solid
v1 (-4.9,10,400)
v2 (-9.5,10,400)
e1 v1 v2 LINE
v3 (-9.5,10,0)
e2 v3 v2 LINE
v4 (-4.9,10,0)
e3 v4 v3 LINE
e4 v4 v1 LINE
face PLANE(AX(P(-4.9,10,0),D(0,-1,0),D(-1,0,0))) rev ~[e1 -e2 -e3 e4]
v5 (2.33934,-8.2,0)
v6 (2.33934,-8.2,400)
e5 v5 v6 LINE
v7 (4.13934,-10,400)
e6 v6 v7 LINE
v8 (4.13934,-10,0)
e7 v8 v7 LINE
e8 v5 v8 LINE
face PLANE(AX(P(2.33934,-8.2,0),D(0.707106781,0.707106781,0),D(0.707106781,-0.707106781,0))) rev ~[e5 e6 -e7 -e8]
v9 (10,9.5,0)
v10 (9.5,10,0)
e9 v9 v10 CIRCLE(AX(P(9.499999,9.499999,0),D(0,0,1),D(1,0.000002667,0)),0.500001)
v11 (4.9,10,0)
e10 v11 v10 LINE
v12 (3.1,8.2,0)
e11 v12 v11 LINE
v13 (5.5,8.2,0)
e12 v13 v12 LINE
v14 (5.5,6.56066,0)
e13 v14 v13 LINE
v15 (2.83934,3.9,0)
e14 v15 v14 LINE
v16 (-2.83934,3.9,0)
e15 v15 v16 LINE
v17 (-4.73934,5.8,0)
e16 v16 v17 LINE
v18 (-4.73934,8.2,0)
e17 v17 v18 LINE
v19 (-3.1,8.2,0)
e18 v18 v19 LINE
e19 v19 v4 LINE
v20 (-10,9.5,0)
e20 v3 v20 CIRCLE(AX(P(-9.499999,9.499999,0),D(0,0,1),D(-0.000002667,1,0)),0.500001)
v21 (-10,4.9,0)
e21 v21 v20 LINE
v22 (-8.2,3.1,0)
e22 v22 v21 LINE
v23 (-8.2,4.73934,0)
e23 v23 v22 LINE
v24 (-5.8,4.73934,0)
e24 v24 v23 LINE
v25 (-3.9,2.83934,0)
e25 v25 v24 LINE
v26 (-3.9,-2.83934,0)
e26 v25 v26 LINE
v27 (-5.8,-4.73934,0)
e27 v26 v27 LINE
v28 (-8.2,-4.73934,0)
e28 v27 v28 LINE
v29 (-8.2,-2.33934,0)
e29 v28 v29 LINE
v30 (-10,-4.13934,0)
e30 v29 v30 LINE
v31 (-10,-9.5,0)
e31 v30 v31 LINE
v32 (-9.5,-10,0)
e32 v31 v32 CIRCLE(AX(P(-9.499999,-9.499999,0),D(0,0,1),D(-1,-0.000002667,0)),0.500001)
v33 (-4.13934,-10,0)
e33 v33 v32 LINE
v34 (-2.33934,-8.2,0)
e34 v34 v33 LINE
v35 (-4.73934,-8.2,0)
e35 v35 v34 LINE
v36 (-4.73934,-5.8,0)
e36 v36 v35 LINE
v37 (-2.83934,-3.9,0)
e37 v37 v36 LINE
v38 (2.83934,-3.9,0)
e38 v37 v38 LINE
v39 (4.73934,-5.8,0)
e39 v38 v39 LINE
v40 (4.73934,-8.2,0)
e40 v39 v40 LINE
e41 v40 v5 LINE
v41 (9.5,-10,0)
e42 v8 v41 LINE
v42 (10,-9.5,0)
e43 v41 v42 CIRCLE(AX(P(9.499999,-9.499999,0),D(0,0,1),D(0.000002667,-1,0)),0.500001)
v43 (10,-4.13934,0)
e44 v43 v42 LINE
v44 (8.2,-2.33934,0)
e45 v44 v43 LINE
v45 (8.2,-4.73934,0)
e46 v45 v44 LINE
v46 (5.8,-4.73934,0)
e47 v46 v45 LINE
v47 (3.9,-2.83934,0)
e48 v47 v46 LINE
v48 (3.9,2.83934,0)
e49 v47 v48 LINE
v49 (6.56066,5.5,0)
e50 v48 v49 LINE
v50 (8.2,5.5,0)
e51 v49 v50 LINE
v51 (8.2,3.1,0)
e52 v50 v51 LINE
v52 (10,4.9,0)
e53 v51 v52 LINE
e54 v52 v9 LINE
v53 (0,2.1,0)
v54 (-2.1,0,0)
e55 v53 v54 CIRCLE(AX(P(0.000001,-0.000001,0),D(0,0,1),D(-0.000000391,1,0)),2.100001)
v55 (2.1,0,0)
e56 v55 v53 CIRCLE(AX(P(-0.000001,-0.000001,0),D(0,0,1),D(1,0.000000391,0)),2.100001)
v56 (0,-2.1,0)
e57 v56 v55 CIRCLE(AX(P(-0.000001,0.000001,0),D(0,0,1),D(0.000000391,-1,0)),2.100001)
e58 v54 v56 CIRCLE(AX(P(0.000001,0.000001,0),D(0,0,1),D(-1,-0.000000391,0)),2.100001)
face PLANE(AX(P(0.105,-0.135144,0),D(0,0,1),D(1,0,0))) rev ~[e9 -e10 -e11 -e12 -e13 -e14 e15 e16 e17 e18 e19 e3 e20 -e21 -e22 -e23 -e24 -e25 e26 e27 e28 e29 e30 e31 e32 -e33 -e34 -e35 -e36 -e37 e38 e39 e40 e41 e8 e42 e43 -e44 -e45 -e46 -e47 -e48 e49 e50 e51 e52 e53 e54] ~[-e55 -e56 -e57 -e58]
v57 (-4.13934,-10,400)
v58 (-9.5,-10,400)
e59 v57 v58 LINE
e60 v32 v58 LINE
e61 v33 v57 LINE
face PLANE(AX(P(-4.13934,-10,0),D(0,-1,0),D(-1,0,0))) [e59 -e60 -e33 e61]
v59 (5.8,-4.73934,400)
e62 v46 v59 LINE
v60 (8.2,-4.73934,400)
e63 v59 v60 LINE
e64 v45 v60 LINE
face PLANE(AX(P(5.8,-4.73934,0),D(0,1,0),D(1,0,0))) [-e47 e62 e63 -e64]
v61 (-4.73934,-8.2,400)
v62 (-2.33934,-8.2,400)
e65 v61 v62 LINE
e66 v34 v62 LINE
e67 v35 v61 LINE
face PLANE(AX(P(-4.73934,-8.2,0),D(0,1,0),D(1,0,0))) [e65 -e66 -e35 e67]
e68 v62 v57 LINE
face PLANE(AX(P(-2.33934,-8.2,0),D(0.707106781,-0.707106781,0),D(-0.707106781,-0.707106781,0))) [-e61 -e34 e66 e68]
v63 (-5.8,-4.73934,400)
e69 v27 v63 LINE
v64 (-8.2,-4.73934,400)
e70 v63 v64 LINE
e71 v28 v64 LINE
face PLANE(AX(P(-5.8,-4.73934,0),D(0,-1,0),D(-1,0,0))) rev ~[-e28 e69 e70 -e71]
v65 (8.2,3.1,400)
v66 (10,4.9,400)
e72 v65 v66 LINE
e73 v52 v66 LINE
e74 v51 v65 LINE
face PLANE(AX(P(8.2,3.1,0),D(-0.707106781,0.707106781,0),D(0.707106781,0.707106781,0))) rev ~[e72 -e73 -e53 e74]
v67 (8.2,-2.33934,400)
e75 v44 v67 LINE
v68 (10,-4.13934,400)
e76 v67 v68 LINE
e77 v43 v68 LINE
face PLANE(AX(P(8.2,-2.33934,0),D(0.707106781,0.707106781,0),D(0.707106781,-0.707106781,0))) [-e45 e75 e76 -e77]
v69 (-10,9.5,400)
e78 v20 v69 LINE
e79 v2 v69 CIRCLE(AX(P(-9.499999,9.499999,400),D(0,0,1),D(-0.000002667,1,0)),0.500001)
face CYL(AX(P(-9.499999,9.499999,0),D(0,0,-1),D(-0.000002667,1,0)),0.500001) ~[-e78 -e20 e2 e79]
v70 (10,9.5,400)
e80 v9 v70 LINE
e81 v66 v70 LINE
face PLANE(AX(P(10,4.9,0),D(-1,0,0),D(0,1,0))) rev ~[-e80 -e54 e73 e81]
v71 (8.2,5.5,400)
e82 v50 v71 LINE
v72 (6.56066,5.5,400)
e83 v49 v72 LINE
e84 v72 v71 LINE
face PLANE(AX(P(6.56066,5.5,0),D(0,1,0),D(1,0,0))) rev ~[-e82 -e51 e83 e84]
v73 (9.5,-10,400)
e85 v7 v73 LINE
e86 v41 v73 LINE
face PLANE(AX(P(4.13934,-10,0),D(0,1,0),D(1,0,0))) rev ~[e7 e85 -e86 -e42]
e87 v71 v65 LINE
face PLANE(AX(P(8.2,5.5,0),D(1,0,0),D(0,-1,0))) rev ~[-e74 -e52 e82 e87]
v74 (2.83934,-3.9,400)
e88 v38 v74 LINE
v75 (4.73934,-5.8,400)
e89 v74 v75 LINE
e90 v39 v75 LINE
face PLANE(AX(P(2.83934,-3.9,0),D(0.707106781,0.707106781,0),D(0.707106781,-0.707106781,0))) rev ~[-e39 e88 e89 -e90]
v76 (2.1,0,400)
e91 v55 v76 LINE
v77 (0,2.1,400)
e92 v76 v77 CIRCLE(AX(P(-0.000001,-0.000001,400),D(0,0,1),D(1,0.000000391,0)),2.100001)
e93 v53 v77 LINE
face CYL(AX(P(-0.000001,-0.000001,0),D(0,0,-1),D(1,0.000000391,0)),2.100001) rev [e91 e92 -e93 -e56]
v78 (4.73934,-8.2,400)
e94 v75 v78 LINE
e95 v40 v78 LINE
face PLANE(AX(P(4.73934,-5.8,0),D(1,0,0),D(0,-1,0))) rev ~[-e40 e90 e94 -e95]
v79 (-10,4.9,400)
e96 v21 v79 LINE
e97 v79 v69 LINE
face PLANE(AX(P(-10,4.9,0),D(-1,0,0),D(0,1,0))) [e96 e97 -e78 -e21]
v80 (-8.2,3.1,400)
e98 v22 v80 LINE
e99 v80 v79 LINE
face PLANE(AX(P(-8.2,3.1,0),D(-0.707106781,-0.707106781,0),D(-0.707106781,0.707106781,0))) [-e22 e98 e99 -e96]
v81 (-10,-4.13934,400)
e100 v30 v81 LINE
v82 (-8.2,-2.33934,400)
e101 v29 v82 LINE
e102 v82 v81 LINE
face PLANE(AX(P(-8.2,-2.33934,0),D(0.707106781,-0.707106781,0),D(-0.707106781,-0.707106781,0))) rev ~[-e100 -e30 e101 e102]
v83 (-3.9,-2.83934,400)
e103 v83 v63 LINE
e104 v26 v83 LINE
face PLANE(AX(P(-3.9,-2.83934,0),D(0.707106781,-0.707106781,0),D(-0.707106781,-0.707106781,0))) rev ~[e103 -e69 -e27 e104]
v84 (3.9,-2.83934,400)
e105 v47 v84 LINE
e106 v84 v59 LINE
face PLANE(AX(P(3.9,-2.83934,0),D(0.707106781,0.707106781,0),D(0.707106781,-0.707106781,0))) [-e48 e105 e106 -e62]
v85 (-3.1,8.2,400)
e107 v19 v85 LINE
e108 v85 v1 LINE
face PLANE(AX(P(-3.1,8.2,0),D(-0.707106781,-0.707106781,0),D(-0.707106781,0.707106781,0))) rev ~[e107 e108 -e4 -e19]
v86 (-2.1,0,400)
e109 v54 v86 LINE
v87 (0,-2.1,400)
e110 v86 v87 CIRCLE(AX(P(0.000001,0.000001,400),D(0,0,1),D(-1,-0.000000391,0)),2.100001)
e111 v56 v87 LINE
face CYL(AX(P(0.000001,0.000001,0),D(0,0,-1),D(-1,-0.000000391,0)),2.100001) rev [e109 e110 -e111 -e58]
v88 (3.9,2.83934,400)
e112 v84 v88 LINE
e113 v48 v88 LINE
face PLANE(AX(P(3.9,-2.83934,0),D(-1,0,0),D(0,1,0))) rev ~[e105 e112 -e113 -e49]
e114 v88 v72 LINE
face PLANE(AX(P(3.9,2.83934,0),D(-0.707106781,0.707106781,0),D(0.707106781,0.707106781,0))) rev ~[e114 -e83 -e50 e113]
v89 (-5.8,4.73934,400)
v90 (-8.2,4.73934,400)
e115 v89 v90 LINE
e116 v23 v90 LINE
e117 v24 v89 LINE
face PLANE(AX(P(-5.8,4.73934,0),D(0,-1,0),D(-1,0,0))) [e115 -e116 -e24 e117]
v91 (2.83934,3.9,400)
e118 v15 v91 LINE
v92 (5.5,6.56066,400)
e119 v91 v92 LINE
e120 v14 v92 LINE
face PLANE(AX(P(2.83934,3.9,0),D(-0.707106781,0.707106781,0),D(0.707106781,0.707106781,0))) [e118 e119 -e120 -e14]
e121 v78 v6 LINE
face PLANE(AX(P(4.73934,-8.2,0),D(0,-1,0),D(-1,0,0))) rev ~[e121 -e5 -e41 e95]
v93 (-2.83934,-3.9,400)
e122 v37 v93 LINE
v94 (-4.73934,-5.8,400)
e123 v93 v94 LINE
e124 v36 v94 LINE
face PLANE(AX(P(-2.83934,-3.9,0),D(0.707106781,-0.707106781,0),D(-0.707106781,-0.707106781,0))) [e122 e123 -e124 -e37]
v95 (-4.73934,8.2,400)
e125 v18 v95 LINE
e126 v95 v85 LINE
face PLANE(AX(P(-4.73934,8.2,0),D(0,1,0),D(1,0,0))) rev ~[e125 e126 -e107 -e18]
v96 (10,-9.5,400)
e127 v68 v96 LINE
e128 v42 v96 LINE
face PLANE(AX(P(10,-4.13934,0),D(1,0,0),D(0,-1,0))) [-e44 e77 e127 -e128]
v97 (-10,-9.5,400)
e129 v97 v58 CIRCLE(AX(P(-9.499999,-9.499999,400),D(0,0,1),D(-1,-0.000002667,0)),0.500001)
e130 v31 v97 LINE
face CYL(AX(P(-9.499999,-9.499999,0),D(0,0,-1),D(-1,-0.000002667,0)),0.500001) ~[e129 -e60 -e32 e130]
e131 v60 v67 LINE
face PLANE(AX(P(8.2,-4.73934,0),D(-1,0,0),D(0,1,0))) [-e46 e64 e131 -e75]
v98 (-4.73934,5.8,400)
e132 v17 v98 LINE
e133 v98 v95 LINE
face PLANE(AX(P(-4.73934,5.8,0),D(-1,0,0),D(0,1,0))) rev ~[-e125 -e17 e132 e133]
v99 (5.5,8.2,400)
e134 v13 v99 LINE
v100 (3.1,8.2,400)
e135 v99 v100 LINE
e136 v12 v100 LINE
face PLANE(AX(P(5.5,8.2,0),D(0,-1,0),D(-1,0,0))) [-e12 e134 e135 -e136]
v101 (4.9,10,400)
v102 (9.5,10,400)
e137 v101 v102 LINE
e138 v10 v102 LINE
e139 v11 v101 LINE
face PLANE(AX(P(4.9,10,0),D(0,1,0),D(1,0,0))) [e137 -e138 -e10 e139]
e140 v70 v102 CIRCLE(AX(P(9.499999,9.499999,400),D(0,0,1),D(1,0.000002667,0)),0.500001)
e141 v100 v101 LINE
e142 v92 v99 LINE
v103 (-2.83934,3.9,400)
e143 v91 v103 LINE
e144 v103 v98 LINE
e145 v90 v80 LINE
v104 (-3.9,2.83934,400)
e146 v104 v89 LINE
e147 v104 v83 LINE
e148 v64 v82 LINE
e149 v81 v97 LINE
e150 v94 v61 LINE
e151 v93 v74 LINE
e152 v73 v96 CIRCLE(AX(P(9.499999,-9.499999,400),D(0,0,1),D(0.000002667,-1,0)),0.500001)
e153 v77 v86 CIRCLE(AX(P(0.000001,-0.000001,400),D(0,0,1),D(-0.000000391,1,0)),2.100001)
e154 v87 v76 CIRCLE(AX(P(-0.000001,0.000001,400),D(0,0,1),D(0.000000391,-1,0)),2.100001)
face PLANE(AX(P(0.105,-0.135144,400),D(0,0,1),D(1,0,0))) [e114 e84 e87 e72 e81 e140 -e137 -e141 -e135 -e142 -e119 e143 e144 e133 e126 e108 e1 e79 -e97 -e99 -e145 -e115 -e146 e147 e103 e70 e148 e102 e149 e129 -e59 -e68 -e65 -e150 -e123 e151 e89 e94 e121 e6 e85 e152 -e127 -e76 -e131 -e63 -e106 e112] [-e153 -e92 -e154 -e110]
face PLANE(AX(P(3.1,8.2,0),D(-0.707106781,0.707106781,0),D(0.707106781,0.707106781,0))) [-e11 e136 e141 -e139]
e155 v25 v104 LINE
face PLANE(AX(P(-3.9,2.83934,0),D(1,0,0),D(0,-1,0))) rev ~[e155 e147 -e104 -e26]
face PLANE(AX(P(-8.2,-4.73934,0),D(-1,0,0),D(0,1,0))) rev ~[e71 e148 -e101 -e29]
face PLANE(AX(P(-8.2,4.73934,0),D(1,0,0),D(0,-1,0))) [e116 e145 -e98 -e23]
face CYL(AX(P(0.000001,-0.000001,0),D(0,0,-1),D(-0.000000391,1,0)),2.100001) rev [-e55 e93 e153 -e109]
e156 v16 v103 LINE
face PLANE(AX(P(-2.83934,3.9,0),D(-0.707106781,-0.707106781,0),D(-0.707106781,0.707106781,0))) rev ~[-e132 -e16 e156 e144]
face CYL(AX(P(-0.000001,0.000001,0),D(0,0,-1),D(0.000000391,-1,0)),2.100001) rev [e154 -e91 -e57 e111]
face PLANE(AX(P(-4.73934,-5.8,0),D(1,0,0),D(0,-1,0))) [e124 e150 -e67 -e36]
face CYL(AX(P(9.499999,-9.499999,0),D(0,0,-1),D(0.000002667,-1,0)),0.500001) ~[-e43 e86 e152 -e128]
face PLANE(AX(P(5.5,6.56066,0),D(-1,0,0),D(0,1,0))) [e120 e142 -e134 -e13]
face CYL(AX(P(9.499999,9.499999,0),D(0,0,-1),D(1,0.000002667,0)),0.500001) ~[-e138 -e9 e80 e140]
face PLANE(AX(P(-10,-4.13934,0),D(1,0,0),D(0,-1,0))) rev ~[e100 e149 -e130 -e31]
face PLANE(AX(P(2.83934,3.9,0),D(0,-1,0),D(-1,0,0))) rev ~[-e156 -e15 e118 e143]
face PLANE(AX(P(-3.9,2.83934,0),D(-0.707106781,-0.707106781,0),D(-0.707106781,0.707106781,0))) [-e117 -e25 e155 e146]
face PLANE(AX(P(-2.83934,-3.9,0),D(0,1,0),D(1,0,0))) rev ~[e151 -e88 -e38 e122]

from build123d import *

# Parameters (mm, degrees)
PAD_DEPTH = 400


with BuildPart() as part:
    # Sketch → Pad (new body)
    with BuildSketch(Plane.XY):
        with BuildLine():
            Line((3.9, 0), (3.9, 2.83934))
            Line((3.9, 2.83934), (6.56066, 5.5))
            Line((6.56066, 5.5), (8.2, 5.5))
            Line((8.2, 5.5), (8.2, 3.1))
            Line((8.2, 3.1), (10, 4.9))
            Line((10, 4.9), (10, 9.5))
            ThreePointArc((10, 9.5), (9.853553, 9.853553), (9.5, 10))
            Line((4.9, 10), (9.5, 10))
            Line((3.1, 8.2), (4.9, 10))
            Line((5.5, 8.2), (3.1, 8.2))
            Line((5.5, 6.56066), (5.5, 8.2))
            Line((2.83934, 3.9), (5.5, 6.56066))
            Line((2.83934, 3.9), (0, 3.9))
            Line((-2.83934, 3.9), (0, 3.9))
            Line((-2.83934, 3.9), (-4.73934, 5.8))
            Line((-4.73934, 5.8), (-4.73934, 8.2))
            Line((-4.73934, 8.2), (-3.1, 8.2))
            Line((-3.1, 8.2), (-4.9, 10))
            Line((-4.9, 10), (-9.5, 10))
            ThreePointArc((-9.5, 10), (-9.853553, 9.853553), (-10, 9.5))
            Line((-10, 4.9), (-10, 9.5))
            Line((-8.2, 3.1), (-10, 4.9))
            Line((-8.2, 4.73934), (-8.2, 3.1))
            Line((-5.8, 4.73934), (-8.2, 4.73934))
            Line((-3.9, 2.83934), (-5.8, 4.73934))
            Line((-3.9, 0), (-3.9, 2.83934))
            Line((-3.9, 0), (-3.9, -2.83934))
            Line((-3.9, -2.83934), (-5.8, -4.73934))
            Line((-5.8, -4.73934), (-8.2, -4.73934))
            Line((-8.2, -4.73934), (-8.2, -2.33934))
            Line((-8.2, -2.33934), (-10, -4.13934))
            Line((-10, -4.13934), (-10, -9.5))
            ThreePointArc((-10, -9.5), (-9.853553, -9.853553), (-9.5, -10))
            Line((-4.13934, -10), (-9.5, -10))
            Line((-2.33934, -8.2), (-4.13934, -10))
            Line((-4.73934, -8.2), (-2.33934, -8.2))
            Line((-4.73934, -5.8), (-4.73934, -8.2))
            Line((-2.83934, -3.9), (-4.73934, -5.8))
            Line((-2.83934, -3.9), (0, -3.9))
            Line((2.83934, -3.9), (0, -3.9))
            Line((2.83934, -3.9), (4.73934, -5.8))
            Line((4.73934, -5.8), (4.73934, -8.2))
            Line((4.73934, -8.2), (2.33934, -8.2))
            Line((2.33934, -8.2), (4.13934, -10))
            Line((4.13934, -10), (9.5, -10))
            ThreePointArc((9.5, -10), (9.853553, -9.853553), (10, -9.5))
            Line((10, -4.13934), (10, -9.5))
            Line((8.2, -2.33934), (10, -4.13934))
            Line((8.2, -4.73934), (8.2, -2.33934))
            Line((5.8, -4.73934), (8.2, -4.73934))
            Line((3.9, -2.83934), (5.8, -4.73934))
            Line((3.9, 0), (3.9, -2.83934))
        make_face()
        with BuildLine():
            ThreePointArc((2.1, 0), (1.484924, 1.484924), (0, 2.1))
            ThreePointArc((0, 2.1), (-1.484924, 1.484924), (-2.1, 0))
            ThreePointArc((-2.1, 0), (-1.484924, -1.484924), (0, -2.1))
            ThreePointArc((0, -2.1), (1.484924, -1.484924), (2.1, 0))
        make_face(mode=Mode.SUBTRACT)
    extrude(amount=PAD_DEPTH)


solid = part.part
